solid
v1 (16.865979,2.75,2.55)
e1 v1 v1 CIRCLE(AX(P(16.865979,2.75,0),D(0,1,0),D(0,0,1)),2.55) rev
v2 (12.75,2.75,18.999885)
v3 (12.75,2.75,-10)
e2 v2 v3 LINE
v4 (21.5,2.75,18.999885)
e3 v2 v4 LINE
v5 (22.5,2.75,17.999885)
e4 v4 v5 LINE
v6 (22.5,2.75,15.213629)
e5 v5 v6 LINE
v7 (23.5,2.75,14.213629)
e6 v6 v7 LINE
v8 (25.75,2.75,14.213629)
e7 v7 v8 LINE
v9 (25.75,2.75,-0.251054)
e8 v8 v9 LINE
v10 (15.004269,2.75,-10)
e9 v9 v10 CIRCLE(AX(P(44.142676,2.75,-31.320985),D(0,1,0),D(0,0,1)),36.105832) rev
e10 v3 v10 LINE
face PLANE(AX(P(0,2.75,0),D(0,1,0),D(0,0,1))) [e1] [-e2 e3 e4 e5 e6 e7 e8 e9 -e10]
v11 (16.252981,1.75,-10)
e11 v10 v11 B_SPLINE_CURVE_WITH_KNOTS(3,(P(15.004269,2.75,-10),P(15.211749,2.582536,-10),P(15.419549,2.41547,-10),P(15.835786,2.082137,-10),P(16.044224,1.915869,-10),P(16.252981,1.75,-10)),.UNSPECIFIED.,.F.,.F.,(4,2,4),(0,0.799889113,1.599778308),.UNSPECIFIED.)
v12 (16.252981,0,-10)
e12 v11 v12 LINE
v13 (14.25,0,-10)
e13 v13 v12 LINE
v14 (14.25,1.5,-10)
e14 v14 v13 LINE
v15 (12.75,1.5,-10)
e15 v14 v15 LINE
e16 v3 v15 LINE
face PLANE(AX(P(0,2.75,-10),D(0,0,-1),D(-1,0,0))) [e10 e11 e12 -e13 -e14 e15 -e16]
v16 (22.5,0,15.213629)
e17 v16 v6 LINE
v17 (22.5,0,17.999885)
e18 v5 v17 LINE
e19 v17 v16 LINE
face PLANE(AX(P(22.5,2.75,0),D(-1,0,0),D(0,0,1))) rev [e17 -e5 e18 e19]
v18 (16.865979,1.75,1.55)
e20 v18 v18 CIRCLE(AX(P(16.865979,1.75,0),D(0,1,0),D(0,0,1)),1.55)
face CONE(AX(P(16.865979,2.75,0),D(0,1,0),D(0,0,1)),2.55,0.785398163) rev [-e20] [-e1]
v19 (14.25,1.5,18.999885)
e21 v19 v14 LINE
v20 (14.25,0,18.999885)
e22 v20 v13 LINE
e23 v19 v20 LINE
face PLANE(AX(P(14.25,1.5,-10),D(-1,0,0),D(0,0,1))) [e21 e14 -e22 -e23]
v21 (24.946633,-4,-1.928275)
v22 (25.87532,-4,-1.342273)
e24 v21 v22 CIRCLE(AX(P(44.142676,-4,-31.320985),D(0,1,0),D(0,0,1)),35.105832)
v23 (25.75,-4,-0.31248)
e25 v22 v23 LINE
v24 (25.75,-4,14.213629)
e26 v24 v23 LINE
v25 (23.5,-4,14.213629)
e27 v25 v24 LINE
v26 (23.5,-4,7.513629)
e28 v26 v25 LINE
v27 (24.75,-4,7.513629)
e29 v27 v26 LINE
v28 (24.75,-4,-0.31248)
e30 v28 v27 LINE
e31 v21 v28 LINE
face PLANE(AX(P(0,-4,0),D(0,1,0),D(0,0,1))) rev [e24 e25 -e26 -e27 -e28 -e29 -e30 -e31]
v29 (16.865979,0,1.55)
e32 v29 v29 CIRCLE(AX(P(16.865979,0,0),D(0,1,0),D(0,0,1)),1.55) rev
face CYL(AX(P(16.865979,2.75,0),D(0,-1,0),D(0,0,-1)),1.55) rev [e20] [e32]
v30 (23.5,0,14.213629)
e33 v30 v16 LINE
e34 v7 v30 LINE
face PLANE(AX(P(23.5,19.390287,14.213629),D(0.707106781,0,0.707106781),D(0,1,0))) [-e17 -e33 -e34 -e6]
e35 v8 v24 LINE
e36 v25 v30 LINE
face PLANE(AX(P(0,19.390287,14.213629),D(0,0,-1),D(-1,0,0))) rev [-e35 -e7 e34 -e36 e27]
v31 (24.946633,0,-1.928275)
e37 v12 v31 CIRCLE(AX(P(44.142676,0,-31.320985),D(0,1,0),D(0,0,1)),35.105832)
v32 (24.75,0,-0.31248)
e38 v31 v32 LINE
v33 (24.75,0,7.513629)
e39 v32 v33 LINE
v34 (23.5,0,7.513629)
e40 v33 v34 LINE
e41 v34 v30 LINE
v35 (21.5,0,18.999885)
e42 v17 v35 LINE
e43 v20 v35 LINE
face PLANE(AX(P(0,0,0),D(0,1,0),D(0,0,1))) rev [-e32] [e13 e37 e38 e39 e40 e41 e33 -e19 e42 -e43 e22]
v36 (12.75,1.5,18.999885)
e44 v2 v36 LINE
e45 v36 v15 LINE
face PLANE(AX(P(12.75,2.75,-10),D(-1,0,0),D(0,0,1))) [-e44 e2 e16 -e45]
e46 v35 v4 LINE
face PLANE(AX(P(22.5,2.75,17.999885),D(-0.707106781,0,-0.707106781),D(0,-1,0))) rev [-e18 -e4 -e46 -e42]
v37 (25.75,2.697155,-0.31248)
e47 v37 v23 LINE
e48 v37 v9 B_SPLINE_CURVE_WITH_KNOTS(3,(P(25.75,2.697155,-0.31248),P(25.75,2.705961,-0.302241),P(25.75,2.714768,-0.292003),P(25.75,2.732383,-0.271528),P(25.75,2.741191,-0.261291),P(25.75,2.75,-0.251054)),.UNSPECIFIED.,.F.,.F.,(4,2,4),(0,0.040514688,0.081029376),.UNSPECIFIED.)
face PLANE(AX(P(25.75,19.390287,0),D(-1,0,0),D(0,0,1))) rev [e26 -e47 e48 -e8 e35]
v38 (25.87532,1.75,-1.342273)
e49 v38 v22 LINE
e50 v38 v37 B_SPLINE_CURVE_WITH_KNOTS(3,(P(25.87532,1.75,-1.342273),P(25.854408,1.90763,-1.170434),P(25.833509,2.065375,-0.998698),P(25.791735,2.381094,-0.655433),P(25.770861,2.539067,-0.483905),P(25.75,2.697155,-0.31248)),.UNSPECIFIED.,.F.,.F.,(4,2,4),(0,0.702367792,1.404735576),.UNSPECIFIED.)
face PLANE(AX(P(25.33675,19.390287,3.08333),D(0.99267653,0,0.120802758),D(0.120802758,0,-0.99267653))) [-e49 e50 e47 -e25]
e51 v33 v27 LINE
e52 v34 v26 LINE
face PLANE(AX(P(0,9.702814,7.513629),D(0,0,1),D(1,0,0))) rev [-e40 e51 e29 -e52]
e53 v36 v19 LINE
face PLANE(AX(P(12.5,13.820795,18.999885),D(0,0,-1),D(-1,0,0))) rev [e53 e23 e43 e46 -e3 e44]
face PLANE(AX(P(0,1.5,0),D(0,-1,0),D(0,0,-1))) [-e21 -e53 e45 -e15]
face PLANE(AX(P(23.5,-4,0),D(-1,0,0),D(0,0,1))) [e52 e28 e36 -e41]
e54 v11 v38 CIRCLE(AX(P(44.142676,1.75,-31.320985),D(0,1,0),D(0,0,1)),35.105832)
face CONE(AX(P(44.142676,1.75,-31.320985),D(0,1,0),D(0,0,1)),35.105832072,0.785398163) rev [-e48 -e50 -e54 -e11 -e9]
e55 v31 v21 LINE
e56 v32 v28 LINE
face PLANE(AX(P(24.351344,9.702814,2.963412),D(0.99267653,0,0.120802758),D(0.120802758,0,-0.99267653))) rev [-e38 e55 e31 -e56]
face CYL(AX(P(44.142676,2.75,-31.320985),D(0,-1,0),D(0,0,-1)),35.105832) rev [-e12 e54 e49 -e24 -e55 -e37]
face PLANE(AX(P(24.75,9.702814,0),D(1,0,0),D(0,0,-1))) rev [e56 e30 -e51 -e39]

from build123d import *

# Parameters (mm, degrees)
SKETCH_234_R           = 1.55
EXTRUDE_1_DEPTH        = 2.75
SKETCH_923_W           = 10.000000002
SKETCH_923_H           = 4.75
EXTRUDE_2_DEPTH        = 2.75
SKETCH_1070_W          = 1
SKETCH_1070_H          = 6.95
EXTRUDE_1769_DEPTH     = 2.75
PCB_START              = -4
SKETCH_6_W             = 1
SKETCH_6_H             = 6.95
PCB_DEPTH              = 4
SKETCH_4_W             = 1.75
SKETCH_4_H             = 28.99988509
CUT_EXTRUDE_2211_DEPTH = 1.5
SKETCH_5_W             = 0.25
SKETCH_5_H             = 28.99988509
CUT_EXTRUDE_2_DEPTH    = 33.350081892
CHAMFER_1_SIZE         = 1
CHAMFER_2_SIZE         = 1
CUT_EXTRUDE_4_DEPTH    = 4


with BuildPart() as part:
    # Sketch 234 → 底座-1 (new body)
    with BuildSketch(Plane(origin=(0, 0, 0), x_dir=(1, 0, 0), z_dir=(0, 1, 0))):
        with BuildLine():
            Line((22.500000002, -14.24988509), (22.500000002, -7.263629174))
            Line((22.500000002, -7.263629174), (24.500000002, -7.263629174))
            Line((24.500000002, -7.263629174), (24.500000002, 0.312480077))
            Line((24.500000002, 0.312480077), (24.715186194, 2.08073674))
            ThreePointArc((24.715186194, 2.08073674), (20.15501929, 5.688743466), (16.252981126, 10))
            Line((16.252981126, 10), (12.5, 10))
            Line((12.5, 10), (12.5, -14.24988509))
            Line((12.5, -14.24988509), (22.500000002, -14.24988509))
        make_face()
        with Locations(Location((16.865979255, 0, 0), (0, 0, 270))):
            Circle(SKETCH_234_R, mode=Mode.SUBTRACT)
    extrude(amount=EXTRUDE_1_DEPTH)

    # Sketch 923 → 底座-2 (add)
    with BuildSketch(Plane(origin=(0, 0, 0), x_dir=(1, 0, 0), z_dir=(0, 1, 0))):
        with Locations((17.500000001, -16.62488509)):
            Rectangle(SKETCH_923_W, SKETCH_923_H)
    extrude(amount=EXTRUDE_2_DEPTH)

    # Sketch 1070 → Extrude 1769 (add)
    with BuildSketch(Plane(origin=(0, 0, 0), x_dir=(1, 0, 0), z_dir=(0, 1, 0))):
        with BuildLine():
            ThreePointArc((24.715186194, 2.08073674), (25.291636518, 1.705823535), (25.875319612, 1.342273079))
            Line((25.875319612, 1.342273079), (25.750000002, 0.312480077))
            Line((25.750000002, 0.312480077), (25.750000002, -14.213629174))
            Line((25.750000002, -14.213629174), (24.500000002, -14.213629174))
            Line((24.500000002, -14.213629174), (24.500000002, -7.263629174))
            Line((24.500000002, -7.263629174), (24.500000002, 0.312480077))
            Line((24.500000002, 0.312480077), (24.715186194, 2.08073674))
        make_face()
        with Locations((24.000000002, -10.738629174)):
            Rectangle(SKETCH_1070_W, SKETCH_1070_H)
        with Locations((23.000000002, -10.738629174)):
            Rectangle(SKETCH_1070_W, SKETCH_1070_H)
    extrude(amount=EXTRUDE_1769_DEPTH)

    # Sketch 6 → 底座卡榫-注意PCB突出部分 (add)
    with BuildSketch(Plane(origin=(0, 0, 0), x_dir=(1, 0, 0), z_dir=(0, 1, 0)).offset(PCB_START)):
        with Locations((24.000000002, -10.738629174)):
            Rectangle(SKETCH_6_W, SKETCH_6_H)
        with BuildLine():
            ThreePointArc((24.715186194, 2.08073674), (25.291636518, 1.705823535), (25.875319612, 1.342273079))
            Line((25.875319612, 1.342273079), (25.750000002, 0.312480077))
            Line((25.750000002, 0.312480077), (25.750000002, -14.213629174))
            Line((25.750000002, -14.213629174), (24.500000002, -14.213629174))
            Line((24.500000002, -14.213629174), (24.500000002, -7.263629174))
            Line((24.500000002, -7.263629174), (24.500000002, 0.312480077))
            Line((24.500000002, 0.312480077), (24.715186194, 2.08073674))
        make_face()
    extrude(amount=PCB_DEPTH)

    # 草图4 → Cut-Extrude 2211 (cut)
    with BuildSketch(Plane(origin=(0, 0, 0), x_dir=(1, 0, 0), z_dir=(0, 1, 0))):
        with Locations((13.375, -4.499942545)):
            Rectangle(SKETCH_4_W, SKETCH_4_H)
    extrude(amount=CUT_EXTRUDE_2211_DEPTH, mode=Mode.SUBTRACT)

    # 草图5 → 配合切除-2 (cut, through all)
    with BuildSketch(Plane(origin=(0, 0, 0), x_dir=(1, 0, 0), z_dir=(0, 1, 0))):
        with Locations((12.625, -4.499942545)):
            Rectangle(SKETCH_5_W, SKETCH_5_H)
    extrude(amount=CUT_EXTRUDE_2_DEPTH, mode=Mode.SUBTRACT)

    # 倒角1
    chamfer_1_edges = [part.edges().sort_by_distance(p)[0] for p in [
        (22.500000002, 1.375, 18.99988509),
        (20.661675073, 2.75, -5.223818951),
        (22.500000002, 1.375, 14.213629174),
    ]]
    chamfer(chamfer_1_edges, length=CHAMFER_1_SIZE)

    # 倒角2
    chamfer_2_edges = [part.edges().sort_by_distance(p)[0] for p in [
        (16.865979255, 2.75, -1.55),
    ]]
    chamfer(chamfer_2_edges, length=CHAMFER_2_SIZE)

    # Sketch 6 2 → 切除-拉伸4 (cut)
    with BuildSketch(Plane.XZ.offset(4)):
        with BuildLine():
            Line((24.715186194, -2.08073674), (24.500000002, -0.312480077))
            Line((24.500000002, -0.312480077), (24.500000002, 7.263629174))
            Line((24.500000002, 7.263629174), (23.500000002, 7.263629174))
            Line((23.500000002, 7.263629174), (23.500000002, 7.513629174))
            Line((23.500000002, 7.513629174), (24.750000002, 7.513629174))
            Line((24.750000002, 7.513629174), (24.750000002, -0.312480077))
            Line((24.750000002, -0.312480077), (24.946632534, -1.928275128))
            ThreePointArc((24.946632534, -1.928275128), (24.830758909, -2.004277534), (24.715186194, -2.08073674))
        make_face()
    extrude(amount=-CUT_EXTRUDE_4_DEPTH, mode=Mode.SUBTRACT)


solid = part.part
